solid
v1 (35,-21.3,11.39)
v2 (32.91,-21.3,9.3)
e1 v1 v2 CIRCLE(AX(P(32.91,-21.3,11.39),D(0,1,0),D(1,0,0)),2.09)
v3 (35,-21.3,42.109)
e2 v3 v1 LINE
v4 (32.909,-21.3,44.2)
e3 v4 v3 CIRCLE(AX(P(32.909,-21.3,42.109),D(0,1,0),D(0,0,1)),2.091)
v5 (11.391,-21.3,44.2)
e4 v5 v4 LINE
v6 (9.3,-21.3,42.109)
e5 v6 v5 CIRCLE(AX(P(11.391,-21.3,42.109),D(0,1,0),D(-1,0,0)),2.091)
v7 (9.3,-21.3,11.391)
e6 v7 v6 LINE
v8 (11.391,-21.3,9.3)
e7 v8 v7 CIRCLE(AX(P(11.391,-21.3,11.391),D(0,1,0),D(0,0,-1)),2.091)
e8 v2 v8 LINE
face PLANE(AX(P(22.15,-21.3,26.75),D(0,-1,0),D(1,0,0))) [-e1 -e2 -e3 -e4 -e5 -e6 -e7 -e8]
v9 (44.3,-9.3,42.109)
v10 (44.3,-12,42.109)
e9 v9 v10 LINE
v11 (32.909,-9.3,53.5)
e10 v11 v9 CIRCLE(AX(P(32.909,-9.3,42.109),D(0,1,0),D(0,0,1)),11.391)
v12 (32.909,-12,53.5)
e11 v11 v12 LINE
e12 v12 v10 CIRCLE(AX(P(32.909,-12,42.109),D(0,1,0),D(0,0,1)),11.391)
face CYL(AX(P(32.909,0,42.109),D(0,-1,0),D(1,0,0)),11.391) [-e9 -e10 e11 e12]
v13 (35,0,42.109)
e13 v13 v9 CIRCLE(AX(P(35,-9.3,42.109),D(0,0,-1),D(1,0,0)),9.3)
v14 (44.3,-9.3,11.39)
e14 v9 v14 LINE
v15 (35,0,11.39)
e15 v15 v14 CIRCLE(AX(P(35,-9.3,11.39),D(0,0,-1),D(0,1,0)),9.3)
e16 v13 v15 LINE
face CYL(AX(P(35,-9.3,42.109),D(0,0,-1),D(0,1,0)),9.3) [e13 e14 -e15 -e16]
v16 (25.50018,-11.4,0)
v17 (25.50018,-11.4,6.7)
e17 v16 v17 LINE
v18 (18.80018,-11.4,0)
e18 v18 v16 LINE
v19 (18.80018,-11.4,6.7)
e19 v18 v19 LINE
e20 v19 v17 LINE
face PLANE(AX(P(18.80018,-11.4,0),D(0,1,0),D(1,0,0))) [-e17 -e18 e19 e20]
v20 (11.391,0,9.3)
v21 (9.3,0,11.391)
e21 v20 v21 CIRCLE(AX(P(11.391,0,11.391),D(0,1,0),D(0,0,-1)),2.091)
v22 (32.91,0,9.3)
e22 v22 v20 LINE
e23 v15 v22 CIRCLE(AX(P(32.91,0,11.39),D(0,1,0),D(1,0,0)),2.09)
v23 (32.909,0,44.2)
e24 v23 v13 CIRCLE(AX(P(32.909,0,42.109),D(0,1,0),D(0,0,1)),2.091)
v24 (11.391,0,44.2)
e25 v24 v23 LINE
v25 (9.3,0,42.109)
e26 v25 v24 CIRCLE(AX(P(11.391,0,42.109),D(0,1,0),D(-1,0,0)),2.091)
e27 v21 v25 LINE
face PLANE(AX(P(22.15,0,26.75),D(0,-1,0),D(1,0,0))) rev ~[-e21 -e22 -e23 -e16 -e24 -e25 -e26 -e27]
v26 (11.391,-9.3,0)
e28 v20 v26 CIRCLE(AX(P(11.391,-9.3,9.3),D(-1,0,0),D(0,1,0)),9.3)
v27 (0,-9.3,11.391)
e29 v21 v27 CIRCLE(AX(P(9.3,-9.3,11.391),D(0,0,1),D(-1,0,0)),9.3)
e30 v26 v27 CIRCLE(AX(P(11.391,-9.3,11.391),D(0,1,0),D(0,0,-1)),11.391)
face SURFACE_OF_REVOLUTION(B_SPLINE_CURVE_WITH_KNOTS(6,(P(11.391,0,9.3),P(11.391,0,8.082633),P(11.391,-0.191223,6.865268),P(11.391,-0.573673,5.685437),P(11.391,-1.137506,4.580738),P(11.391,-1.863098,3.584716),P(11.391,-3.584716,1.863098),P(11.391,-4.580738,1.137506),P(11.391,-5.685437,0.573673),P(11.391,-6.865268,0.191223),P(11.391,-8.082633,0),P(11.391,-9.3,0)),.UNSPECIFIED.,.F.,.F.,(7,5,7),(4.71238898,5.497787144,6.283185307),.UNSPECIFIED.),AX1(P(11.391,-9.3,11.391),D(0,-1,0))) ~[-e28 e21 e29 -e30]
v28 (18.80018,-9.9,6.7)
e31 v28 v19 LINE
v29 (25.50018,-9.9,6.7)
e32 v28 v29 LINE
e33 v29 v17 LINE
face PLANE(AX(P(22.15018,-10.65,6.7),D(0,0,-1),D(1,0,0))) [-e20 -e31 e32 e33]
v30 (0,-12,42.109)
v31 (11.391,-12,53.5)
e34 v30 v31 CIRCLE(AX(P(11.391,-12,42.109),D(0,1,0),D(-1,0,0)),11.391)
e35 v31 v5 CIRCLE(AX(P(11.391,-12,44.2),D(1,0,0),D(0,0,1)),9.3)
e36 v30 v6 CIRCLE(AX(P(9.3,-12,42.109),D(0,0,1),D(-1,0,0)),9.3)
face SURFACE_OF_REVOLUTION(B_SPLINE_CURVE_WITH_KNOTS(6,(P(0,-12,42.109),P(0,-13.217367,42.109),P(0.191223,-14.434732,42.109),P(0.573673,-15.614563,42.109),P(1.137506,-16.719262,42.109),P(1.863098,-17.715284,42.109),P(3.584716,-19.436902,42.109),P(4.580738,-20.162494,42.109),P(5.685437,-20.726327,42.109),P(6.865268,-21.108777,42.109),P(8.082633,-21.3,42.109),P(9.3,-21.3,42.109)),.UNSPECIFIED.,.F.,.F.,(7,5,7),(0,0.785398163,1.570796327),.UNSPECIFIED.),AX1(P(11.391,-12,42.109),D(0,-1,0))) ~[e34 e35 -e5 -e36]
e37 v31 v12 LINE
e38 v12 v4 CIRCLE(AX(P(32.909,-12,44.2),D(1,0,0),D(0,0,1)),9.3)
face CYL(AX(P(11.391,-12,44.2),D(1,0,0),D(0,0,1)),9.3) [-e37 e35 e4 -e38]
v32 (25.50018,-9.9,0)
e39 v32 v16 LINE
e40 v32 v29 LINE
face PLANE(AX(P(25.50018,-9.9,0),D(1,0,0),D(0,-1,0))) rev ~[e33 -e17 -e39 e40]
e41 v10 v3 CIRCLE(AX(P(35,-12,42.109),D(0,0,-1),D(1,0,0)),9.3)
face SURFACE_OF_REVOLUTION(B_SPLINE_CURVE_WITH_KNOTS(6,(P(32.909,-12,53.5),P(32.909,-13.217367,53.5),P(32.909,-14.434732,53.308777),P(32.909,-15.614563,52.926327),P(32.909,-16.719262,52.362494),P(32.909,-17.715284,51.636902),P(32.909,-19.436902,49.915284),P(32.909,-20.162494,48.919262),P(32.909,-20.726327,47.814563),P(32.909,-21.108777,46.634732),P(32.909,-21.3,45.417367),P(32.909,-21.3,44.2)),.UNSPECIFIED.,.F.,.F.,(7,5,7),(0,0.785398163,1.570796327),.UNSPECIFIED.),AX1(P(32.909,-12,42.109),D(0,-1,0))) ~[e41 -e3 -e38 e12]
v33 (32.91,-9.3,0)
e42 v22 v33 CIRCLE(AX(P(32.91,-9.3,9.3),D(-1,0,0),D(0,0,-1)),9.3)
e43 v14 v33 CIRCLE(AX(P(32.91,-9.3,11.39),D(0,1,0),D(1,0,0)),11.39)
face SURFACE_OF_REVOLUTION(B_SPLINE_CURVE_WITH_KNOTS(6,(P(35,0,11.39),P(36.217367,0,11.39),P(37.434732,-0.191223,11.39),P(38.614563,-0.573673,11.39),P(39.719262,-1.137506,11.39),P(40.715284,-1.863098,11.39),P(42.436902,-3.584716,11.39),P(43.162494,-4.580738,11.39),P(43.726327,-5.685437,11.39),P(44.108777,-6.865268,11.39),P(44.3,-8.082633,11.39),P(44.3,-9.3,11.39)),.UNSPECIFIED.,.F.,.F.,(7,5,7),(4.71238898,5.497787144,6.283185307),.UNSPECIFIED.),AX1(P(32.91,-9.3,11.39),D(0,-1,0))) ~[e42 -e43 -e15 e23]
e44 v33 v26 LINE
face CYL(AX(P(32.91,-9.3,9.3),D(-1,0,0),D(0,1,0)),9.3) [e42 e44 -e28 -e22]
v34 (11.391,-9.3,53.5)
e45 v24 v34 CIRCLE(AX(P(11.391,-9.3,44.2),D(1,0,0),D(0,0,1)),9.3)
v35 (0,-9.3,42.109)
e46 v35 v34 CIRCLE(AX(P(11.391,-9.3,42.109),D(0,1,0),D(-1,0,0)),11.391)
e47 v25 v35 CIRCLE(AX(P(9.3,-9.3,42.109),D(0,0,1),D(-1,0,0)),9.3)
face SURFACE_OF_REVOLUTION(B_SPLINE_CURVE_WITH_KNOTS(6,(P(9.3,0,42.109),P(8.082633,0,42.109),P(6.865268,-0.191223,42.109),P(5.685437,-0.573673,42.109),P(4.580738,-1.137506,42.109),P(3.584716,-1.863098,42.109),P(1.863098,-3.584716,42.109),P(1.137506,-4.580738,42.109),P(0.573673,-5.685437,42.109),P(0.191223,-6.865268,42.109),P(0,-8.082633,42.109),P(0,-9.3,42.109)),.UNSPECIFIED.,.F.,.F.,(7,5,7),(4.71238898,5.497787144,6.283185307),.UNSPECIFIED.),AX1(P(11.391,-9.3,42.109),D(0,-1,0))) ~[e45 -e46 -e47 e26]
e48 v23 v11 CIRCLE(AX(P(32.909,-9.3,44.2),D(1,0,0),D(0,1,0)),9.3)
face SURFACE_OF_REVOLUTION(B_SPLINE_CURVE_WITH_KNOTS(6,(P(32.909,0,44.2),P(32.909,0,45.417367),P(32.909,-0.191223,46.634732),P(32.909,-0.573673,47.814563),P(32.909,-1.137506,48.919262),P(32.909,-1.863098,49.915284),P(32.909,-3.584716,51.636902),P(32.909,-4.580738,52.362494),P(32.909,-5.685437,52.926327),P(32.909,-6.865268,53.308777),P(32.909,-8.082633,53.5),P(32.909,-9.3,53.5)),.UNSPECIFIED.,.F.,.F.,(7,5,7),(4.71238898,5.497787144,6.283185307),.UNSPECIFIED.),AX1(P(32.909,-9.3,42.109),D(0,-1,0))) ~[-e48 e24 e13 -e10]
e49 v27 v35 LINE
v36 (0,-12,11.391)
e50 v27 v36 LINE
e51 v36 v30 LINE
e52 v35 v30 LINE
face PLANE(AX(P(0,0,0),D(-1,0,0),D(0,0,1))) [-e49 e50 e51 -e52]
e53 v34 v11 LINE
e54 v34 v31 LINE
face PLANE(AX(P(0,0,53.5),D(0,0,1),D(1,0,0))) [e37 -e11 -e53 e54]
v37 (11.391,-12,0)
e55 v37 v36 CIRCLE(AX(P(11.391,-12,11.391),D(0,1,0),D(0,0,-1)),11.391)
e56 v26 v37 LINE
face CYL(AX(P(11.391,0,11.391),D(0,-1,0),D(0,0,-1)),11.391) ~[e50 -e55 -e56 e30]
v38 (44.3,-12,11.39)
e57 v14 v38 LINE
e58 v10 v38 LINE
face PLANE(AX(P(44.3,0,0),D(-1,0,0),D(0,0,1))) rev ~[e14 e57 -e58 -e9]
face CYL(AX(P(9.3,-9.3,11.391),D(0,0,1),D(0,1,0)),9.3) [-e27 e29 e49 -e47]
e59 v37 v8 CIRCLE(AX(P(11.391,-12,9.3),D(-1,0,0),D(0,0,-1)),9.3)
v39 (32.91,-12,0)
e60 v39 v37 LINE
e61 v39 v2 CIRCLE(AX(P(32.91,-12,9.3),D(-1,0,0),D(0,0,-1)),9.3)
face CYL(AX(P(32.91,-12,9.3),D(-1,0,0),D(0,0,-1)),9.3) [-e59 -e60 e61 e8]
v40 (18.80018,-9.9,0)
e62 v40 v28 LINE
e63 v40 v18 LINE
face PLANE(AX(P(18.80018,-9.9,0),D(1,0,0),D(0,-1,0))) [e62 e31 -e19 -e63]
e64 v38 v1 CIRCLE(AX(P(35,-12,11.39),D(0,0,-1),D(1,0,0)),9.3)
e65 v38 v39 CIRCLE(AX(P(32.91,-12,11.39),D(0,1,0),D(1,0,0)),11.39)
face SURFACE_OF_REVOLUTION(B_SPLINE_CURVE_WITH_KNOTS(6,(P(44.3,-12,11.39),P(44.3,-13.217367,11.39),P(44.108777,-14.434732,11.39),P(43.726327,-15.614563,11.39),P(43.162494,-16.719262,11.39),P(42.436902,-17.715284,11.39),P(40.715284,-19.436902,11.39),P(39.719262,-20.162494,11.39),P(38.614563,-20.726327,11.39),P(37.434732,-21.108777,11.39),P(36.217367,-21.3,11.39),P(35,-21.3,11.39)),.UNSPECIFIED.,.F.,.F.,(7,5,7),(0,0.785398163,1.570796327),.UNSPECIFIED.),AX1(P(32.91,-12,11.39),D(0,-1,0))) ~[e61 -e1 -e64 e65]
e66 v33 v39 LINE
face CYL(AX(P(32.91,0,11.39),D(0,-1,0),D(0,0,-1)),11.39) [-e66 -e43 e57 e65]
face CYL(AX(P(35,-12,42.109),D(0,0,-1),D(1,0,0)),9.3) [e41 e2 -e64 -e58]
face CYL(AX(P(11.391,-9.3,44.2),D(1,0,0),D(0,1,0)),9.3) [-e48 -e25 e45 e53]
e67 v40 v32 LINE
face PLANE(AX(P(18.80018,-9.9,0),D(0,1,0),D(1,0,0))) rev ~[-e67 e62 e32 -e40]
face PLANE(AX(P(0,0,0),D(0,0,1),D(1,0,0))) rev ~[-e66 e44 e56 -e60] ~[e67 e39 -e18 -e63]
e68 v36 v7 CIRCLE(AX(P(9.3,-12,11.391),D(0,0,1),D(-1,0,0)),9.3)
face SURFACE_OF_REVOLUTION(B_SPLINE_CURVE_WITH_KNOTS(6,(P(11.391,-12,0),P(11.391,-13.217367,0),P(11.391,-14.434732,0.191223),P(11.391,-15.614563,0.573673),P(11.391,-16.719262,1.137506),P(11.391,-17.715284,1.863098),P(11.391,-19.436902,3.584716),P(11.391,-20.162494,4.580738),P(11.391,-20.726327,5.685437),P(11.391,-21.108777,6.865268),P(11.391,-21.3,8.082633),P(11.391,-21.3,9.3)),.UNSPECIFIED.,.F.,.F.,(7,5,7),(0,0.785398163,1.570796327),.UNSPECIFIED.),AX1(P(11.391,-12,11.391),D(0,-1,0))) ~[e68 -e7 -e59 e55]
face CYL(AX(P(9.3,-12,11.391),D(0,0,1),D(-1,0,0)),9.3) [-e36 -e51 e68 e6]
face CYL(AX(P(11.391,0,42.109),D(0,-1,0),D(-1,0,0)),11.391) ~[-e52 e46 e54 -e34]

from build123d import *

# Parameters (mm, degrees)
F0_W     = 44.3
F0_H     = 53.5
F1_DEPTH = 21.3
F2_R     = 11.39
F3_R     = 11.391
F4_R     = 11.391
F5_R     = 9.3
F6_W     = 6.7
F6_H     = 1.5
F7_DEPTH = 6.7


with BuildPart() as f1:
    # F0 (on Front) → F1 (new body)
    with BuildSketch(Plane.XZ):
        with Locations((22.15, 26.75)):
            Rectangle(F0_W, F0_H)
    extrude(amount=F1_DEPTH)

    # F2
    f2_edges = [f1.edges().sort_by_distance(p)[0] for p in [
        (44.3, -10.65, 0),
    ]]
    fillet(f2_edges, radius=F2_R)

    # F3
    f3_edges = [f1.edges().sort_by_distance(p)[0] for p in [
        (0, -10.65, 0),
    ]]
    fillet(f3_edges, radius=F3_R)

    # F4
    f4_edges = [f1.edges().sort_by_distance(p)[0] for p in [
        (44.3, -10.65, 53.5),
        (0, -10.65, 53.5),
    ]]
    fillet(f4_edges, radius=F4_R)

    # F5
    f5_edges = [f1.edges().sort_by_distance(p)[0] for p in [
        (3.336347, -21.3, 50.163653),
        (3.336347, 0, 50.163653),
    ]]
    fillet(f5_edges, radius=F5_R)

    # F6 (on face) → F7 (cut)
    with BuildSketch(Plane(origin=(0, 0, 0), x_dir=(1, 0, 0), z_dir=(0, 0, -1))):
        with Locations((22.15018, 10.65)):
            Rectangle(F6_W, F6_H)
    extrude(amount=-F7_DEPTH, mode=Mode.SUBTRACT)


solid = f1.part
